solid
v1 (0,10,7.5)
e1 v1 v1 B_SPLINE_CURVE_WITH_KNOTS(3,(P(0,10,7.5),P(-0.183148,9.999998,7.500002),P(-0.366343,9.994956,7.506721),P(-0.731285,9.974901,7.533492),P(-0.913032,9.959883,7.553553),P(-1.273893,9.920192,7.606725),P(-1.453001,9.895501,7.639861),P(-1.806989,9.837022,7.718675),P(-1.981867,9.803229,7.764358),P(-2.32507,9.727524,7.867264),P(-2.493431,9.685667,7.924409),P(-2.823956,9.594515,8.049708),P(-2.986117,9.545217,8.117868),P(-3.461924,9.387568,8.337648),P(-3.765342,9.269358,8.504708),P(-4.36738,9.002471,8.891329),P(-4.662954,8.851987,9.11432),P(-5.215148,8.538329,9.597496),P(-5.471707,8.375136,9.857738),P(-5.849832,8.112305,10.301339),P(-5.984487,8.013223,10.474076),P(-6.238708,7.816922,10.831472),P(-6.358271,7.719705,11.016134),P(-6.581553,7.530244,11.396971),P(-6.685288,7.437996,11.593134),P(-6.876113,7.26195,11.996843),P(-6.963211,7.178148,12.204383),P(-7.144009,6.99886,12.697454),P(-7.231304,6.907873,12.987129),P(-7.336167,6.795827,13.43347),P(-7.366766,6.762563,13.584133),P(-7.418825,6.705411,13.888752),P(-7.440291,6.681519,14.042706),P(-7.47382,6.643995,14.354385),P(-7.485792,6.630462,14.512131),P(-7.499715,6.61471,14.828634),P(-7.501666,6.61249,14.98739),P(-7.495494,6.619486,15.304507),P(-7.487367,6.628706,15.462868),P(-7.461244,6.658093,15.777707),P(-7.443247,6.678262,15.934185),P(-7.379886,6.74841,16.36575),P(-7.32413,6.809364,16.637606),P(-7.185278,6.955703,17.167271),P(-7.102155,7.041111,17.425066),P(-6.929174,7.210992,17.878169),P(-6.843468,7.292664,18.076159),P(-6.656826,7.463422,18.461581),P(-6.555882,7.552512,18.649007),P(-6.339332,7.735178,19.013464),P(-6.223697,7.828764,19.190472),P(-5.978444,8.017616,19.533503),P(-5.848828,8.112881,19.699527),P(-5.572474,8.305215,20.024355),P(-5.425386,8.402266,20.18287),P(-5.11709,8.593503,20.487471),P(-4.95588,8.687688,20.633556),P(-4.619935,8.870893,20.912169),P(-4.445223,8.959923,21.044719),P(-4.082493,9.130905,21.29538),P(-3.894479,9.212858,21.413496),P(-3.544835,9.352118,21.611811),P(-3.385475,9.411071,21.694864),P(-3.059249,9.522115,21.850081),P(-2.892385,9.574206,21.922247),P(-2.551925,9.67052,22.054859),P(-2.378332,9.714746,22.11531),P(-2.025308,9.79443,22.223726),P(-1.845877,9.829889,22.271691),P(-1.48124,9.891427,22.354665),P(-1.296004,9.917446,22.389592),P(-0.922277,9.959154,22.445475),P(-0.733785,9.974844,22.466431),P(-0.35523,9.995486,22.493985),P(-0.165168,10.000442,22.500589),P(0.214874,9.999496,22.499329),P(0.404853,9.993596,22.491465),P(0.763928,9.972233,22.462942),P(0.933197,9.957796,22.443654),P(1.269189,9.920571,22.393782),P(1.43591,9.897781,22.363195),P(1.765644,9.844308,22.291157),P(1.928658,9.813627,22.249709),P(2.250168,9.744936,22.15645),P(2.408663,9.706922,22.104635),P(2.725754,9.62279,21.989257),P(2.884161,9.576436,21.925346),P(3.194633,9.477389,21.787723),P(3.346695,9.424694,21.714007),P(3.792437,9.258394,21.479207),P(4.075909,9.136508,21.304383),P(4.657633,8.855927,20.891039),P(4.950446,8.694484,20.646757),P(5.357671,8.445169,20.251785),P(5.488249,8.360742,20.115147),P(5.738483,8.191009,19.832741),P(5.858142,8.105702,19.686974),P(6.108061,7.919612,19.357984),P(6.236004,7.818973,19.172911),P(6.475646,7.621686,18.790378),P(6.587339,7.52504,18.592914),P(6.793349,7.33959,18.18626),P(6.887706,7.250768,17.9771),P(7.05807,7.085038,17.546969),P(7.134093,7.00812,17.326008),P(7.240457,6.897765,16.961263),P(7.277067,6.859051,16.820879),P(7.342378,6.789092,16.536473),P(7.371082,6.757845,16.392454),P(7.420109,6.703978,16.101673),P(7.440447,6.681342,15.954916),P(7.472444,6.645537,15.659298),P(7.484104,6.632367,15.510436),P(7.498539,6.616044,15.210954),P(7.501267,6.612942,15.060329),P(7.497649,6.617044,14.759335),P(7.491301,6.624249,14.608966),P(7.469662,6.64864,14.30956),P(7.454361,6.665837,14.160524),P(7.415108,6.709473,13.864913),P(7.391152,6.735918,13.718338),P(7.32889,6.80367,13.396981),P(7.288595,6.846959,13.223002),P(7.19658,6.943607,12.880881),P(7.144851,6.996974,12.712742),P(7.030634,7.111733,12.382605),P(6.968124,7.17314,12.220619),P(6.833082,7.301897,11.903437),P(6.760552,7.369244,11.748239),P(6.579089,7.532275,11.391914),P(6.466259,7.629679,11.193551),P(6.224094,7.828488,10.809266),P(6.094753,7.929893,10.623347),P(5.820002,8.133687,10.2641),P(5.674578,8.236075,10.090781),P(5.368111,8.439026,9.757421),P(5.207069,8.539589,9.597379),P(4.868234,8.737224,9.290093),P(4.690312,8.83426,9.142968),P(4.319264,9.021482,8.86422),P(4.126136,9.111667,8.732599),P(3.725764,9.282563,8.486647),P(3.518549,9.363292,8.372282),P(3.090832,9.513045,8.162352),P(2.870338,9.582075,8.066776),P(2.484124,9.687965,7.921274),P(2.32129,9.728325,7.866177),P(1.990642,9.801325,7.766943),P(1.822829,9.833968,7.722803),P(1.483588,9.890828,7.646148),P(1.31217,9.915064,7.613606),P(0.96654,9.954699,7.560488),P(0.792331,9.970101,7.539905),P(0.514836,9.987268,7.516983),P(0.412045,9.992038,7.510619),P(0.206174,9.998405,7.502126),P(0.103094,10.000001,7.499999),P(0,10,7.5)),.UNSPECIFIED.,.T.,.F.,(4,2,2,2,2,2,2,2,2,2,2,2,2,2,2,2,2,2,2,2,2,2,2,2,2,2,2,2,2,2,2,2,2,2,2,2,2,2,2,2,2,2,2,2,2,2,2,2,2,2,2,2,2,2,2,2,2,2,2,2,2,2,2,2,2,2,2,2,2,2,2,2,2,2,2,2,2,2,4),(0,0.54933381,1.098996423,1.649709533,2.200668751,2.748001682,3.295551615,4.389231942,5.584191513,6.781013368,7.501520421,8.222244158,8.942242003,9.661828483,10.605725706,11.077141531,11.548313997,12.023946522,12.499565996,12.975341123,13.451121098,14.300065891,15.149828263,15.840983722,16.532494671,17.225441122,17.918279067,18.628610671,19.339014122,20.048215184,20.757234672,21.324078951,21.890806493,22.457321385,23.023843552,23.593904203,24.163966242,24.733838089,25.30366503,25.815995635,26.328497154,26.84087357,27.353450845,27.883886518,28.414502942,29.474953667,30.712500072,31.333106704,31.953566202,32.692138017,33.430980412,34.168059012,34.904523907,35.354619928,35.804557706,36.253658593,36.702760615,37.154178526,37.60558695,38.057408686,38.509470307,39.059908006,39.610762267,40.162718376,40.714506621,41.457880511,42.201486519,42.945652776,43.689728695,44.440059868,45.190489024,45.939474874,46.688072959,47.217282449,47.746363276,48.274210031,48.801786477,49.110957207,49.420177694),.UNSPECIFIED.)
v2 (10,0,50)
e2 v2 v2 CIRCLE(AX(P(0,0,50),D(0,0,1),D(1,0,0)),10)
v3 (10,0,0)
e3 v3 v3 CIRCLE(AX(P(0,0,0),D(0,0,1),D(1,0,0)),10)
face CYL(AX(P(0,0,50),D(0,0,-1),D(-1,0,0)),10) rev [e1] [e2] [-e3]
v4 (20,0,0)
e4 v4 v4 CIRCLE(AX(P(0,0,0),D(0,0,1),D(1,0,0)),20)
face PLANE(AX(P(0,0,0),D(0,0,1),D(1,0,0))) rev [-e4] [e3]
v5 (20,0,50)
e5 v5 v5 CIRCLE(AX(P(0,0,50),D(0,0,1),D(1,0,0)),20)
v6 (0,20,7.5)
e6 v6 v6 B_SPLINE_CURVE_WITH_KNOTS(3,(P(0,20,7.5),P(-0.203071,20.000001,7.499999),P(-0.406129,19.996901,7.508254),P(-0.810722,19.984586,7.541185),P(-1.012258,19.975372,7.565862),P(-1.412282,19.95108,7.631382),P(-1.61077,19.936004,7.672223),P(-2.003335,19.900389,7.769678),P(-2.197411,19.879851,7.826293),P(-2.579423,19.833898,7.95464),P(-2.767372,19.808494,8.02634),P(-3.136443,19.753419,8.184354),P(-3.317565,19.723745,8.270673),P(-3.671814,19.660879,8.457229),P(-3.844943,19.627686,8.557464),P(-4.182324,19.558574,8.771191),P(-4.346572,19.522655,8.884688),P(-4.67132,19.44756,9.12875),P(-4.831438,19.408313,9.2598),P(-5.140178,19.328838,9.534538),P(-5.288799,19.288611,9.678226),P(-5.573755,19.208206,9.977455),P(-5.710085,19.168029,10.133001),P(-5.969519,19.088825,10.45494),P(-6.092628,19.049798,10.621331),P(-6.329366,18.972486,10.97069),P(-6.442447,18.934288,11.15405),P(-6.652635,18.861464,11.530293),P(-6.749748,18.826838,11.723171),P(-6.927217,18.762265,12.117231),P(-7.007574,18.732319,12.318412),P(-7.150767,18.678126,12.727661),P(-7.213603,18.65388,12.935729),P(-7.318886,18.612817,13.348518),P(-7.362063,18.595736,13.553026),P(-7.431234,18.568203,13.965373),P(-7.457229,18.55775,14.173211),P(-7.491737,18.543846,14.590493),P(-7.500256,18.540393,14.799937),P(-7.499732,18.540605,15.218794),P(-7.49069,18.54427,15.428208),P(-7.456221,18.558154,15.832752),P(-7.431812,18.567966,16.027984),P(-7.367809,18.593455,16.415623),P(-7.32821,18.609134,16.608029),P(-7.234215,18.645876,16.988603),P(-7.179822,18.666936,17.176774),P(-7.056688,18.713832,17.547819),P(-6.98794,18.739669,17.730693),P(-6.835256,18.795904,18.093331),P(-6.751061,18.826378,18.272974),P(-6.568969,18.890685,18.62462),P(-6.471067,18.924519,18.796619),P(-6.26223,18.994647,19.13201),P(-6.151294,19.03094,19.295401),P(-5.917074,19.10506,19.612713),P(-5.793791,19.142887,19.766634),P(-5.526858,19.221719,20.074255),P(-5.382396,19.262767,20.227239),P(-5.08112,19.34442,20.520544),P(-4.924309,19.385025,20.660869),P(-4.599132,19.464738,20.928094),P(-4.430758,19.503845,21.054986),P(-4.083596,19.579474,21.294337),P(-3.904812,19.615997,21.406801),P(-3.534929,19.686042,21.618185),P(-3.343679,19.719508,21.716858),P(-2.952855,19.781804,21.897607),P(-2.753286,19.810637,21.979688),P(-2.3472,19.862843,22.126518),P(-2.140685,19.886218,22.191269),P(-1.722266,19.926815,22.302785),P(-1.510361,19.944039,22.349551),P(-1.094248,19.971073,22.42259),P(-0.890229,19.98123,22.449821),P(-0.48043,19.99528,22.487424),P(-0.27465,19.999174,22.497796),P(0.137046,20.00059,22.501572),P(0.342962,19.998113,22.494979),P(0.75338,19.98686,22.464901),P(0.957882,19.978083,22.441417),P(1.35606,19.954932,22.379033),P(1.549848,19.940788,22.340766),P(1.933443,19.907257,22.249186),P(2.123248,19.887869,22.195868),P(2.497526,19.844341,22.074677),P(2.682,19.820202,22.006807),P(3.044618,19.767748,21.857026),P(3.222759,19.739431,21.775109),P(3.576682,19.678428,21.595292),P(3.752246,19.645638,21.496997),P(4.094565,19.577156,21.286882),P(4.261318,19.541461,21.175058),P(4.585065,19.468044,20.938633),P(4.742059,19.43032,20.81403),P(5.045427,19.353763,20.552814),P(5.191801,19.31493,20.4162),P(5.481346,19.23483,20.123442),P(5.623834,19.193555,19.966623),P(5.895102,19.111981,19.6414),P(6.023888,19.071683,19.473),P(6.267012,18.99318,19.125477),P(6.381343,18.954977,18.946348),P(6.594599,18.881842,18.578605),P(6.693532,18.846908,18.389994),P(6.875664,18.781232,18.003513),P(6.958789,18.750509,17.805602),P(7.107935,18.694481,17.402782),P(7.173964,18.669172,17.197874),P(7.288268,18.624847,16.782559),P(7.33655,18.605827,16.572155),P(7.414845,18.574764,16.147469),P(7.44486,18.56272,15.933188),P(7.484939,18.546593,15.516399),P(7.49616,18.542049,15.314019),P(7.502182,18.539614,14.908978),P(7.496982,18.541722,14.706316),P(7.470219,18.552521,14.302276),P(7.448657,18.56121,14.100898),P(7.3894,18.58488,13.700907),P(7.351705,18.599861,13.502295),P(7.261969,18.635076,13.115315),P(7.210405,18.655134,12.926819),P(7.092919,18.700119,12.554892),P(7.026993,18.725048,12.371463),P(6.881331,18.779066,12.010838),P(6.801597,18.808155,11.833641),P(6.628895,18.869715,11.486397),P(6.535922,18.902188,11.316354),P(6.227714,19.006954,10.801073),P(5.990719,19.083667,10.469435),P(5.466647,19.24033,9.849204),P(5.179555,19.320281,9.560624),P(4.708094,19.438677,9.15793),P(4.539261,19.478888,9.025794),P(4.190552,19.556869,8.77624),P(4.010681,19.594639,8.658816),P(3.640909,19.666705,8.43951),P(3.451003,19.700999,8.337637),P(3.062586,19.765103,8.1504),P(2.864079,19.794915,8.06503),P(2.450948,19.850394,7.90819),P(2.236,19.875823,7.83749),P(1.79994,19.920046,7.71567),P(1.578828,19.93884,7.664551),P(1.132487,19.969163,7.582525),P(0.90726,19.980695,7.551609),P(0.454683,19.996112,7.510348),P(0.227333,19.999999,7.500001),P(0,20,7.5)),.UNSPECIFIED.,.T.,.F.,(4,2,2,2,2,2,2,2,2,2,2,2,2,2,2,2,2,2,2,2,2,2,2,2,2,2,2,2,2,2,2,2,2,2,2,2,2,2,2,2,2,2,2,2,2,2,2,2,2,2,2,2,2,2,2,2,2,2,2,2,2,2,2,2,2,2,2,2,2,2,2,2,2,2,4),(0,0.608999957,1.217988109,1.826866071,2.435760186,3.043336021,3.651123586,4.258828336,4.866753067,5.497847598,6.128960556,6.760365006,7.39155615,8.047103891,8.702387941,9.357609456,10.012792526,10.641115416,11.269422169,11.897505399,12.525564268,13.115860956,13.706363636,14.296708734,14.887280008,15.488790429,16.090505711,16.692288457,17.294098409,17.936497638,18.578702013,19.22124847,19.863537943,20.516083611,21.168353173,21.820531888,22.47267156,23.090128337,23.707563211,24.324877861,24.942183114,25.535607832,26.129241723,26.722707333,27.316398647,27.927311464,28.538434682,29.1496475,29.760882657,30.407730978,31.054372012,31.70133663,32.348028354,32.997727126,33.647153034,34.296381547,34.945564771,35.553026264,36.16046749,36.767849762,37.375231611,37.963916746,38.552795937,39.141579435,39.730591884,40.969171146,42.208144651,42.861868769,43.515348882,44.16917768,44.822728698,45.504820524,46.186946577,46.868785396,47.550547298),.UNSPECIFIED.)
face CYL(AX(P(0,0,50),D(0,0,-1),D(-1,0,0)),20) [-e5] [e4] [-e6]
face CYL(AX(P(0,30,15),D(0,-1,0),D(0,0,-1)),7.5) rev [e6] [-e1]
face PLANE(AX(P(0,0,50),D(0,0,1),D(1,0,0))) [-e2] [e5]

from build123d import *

# Parameters (mm, degrees)
SKETCH_1_R          = 20
SKETCH_1_R_2        = 10
EXTRUDE_1_DEPTH     = 50
SKETCH_2_R          = 7.5
CUT_EXTRUDE_1_DEPTH = 30


with BuildPart() as part:
    # 草图1 → 凸台-拉伸1 (new body)
    with BuildSketch(Plane.XY):
        Circle(SKETCH_1_R)
        Circle(SKETCH_1_R_2, mode=Mode.SUBTRACT)
    extrude(amount=EXTRUDE_1_DEPTH)

    # 草图2 → 切除-拉伸1 (cut)
    with BuildSketch(Plane(origin=(0, 0, 0), x_dir=(1, 0, 0), z_dir=(0, 1, 0))):
        with Locations(Location((0, -15, 0), (0, 0, 90))):
            Circle(SKETCH_2_R)
    extrude(amount=CUT_EXTRUDE_1_DEPTH, mode=Mode.SUBTRACT)


solid = part.part
